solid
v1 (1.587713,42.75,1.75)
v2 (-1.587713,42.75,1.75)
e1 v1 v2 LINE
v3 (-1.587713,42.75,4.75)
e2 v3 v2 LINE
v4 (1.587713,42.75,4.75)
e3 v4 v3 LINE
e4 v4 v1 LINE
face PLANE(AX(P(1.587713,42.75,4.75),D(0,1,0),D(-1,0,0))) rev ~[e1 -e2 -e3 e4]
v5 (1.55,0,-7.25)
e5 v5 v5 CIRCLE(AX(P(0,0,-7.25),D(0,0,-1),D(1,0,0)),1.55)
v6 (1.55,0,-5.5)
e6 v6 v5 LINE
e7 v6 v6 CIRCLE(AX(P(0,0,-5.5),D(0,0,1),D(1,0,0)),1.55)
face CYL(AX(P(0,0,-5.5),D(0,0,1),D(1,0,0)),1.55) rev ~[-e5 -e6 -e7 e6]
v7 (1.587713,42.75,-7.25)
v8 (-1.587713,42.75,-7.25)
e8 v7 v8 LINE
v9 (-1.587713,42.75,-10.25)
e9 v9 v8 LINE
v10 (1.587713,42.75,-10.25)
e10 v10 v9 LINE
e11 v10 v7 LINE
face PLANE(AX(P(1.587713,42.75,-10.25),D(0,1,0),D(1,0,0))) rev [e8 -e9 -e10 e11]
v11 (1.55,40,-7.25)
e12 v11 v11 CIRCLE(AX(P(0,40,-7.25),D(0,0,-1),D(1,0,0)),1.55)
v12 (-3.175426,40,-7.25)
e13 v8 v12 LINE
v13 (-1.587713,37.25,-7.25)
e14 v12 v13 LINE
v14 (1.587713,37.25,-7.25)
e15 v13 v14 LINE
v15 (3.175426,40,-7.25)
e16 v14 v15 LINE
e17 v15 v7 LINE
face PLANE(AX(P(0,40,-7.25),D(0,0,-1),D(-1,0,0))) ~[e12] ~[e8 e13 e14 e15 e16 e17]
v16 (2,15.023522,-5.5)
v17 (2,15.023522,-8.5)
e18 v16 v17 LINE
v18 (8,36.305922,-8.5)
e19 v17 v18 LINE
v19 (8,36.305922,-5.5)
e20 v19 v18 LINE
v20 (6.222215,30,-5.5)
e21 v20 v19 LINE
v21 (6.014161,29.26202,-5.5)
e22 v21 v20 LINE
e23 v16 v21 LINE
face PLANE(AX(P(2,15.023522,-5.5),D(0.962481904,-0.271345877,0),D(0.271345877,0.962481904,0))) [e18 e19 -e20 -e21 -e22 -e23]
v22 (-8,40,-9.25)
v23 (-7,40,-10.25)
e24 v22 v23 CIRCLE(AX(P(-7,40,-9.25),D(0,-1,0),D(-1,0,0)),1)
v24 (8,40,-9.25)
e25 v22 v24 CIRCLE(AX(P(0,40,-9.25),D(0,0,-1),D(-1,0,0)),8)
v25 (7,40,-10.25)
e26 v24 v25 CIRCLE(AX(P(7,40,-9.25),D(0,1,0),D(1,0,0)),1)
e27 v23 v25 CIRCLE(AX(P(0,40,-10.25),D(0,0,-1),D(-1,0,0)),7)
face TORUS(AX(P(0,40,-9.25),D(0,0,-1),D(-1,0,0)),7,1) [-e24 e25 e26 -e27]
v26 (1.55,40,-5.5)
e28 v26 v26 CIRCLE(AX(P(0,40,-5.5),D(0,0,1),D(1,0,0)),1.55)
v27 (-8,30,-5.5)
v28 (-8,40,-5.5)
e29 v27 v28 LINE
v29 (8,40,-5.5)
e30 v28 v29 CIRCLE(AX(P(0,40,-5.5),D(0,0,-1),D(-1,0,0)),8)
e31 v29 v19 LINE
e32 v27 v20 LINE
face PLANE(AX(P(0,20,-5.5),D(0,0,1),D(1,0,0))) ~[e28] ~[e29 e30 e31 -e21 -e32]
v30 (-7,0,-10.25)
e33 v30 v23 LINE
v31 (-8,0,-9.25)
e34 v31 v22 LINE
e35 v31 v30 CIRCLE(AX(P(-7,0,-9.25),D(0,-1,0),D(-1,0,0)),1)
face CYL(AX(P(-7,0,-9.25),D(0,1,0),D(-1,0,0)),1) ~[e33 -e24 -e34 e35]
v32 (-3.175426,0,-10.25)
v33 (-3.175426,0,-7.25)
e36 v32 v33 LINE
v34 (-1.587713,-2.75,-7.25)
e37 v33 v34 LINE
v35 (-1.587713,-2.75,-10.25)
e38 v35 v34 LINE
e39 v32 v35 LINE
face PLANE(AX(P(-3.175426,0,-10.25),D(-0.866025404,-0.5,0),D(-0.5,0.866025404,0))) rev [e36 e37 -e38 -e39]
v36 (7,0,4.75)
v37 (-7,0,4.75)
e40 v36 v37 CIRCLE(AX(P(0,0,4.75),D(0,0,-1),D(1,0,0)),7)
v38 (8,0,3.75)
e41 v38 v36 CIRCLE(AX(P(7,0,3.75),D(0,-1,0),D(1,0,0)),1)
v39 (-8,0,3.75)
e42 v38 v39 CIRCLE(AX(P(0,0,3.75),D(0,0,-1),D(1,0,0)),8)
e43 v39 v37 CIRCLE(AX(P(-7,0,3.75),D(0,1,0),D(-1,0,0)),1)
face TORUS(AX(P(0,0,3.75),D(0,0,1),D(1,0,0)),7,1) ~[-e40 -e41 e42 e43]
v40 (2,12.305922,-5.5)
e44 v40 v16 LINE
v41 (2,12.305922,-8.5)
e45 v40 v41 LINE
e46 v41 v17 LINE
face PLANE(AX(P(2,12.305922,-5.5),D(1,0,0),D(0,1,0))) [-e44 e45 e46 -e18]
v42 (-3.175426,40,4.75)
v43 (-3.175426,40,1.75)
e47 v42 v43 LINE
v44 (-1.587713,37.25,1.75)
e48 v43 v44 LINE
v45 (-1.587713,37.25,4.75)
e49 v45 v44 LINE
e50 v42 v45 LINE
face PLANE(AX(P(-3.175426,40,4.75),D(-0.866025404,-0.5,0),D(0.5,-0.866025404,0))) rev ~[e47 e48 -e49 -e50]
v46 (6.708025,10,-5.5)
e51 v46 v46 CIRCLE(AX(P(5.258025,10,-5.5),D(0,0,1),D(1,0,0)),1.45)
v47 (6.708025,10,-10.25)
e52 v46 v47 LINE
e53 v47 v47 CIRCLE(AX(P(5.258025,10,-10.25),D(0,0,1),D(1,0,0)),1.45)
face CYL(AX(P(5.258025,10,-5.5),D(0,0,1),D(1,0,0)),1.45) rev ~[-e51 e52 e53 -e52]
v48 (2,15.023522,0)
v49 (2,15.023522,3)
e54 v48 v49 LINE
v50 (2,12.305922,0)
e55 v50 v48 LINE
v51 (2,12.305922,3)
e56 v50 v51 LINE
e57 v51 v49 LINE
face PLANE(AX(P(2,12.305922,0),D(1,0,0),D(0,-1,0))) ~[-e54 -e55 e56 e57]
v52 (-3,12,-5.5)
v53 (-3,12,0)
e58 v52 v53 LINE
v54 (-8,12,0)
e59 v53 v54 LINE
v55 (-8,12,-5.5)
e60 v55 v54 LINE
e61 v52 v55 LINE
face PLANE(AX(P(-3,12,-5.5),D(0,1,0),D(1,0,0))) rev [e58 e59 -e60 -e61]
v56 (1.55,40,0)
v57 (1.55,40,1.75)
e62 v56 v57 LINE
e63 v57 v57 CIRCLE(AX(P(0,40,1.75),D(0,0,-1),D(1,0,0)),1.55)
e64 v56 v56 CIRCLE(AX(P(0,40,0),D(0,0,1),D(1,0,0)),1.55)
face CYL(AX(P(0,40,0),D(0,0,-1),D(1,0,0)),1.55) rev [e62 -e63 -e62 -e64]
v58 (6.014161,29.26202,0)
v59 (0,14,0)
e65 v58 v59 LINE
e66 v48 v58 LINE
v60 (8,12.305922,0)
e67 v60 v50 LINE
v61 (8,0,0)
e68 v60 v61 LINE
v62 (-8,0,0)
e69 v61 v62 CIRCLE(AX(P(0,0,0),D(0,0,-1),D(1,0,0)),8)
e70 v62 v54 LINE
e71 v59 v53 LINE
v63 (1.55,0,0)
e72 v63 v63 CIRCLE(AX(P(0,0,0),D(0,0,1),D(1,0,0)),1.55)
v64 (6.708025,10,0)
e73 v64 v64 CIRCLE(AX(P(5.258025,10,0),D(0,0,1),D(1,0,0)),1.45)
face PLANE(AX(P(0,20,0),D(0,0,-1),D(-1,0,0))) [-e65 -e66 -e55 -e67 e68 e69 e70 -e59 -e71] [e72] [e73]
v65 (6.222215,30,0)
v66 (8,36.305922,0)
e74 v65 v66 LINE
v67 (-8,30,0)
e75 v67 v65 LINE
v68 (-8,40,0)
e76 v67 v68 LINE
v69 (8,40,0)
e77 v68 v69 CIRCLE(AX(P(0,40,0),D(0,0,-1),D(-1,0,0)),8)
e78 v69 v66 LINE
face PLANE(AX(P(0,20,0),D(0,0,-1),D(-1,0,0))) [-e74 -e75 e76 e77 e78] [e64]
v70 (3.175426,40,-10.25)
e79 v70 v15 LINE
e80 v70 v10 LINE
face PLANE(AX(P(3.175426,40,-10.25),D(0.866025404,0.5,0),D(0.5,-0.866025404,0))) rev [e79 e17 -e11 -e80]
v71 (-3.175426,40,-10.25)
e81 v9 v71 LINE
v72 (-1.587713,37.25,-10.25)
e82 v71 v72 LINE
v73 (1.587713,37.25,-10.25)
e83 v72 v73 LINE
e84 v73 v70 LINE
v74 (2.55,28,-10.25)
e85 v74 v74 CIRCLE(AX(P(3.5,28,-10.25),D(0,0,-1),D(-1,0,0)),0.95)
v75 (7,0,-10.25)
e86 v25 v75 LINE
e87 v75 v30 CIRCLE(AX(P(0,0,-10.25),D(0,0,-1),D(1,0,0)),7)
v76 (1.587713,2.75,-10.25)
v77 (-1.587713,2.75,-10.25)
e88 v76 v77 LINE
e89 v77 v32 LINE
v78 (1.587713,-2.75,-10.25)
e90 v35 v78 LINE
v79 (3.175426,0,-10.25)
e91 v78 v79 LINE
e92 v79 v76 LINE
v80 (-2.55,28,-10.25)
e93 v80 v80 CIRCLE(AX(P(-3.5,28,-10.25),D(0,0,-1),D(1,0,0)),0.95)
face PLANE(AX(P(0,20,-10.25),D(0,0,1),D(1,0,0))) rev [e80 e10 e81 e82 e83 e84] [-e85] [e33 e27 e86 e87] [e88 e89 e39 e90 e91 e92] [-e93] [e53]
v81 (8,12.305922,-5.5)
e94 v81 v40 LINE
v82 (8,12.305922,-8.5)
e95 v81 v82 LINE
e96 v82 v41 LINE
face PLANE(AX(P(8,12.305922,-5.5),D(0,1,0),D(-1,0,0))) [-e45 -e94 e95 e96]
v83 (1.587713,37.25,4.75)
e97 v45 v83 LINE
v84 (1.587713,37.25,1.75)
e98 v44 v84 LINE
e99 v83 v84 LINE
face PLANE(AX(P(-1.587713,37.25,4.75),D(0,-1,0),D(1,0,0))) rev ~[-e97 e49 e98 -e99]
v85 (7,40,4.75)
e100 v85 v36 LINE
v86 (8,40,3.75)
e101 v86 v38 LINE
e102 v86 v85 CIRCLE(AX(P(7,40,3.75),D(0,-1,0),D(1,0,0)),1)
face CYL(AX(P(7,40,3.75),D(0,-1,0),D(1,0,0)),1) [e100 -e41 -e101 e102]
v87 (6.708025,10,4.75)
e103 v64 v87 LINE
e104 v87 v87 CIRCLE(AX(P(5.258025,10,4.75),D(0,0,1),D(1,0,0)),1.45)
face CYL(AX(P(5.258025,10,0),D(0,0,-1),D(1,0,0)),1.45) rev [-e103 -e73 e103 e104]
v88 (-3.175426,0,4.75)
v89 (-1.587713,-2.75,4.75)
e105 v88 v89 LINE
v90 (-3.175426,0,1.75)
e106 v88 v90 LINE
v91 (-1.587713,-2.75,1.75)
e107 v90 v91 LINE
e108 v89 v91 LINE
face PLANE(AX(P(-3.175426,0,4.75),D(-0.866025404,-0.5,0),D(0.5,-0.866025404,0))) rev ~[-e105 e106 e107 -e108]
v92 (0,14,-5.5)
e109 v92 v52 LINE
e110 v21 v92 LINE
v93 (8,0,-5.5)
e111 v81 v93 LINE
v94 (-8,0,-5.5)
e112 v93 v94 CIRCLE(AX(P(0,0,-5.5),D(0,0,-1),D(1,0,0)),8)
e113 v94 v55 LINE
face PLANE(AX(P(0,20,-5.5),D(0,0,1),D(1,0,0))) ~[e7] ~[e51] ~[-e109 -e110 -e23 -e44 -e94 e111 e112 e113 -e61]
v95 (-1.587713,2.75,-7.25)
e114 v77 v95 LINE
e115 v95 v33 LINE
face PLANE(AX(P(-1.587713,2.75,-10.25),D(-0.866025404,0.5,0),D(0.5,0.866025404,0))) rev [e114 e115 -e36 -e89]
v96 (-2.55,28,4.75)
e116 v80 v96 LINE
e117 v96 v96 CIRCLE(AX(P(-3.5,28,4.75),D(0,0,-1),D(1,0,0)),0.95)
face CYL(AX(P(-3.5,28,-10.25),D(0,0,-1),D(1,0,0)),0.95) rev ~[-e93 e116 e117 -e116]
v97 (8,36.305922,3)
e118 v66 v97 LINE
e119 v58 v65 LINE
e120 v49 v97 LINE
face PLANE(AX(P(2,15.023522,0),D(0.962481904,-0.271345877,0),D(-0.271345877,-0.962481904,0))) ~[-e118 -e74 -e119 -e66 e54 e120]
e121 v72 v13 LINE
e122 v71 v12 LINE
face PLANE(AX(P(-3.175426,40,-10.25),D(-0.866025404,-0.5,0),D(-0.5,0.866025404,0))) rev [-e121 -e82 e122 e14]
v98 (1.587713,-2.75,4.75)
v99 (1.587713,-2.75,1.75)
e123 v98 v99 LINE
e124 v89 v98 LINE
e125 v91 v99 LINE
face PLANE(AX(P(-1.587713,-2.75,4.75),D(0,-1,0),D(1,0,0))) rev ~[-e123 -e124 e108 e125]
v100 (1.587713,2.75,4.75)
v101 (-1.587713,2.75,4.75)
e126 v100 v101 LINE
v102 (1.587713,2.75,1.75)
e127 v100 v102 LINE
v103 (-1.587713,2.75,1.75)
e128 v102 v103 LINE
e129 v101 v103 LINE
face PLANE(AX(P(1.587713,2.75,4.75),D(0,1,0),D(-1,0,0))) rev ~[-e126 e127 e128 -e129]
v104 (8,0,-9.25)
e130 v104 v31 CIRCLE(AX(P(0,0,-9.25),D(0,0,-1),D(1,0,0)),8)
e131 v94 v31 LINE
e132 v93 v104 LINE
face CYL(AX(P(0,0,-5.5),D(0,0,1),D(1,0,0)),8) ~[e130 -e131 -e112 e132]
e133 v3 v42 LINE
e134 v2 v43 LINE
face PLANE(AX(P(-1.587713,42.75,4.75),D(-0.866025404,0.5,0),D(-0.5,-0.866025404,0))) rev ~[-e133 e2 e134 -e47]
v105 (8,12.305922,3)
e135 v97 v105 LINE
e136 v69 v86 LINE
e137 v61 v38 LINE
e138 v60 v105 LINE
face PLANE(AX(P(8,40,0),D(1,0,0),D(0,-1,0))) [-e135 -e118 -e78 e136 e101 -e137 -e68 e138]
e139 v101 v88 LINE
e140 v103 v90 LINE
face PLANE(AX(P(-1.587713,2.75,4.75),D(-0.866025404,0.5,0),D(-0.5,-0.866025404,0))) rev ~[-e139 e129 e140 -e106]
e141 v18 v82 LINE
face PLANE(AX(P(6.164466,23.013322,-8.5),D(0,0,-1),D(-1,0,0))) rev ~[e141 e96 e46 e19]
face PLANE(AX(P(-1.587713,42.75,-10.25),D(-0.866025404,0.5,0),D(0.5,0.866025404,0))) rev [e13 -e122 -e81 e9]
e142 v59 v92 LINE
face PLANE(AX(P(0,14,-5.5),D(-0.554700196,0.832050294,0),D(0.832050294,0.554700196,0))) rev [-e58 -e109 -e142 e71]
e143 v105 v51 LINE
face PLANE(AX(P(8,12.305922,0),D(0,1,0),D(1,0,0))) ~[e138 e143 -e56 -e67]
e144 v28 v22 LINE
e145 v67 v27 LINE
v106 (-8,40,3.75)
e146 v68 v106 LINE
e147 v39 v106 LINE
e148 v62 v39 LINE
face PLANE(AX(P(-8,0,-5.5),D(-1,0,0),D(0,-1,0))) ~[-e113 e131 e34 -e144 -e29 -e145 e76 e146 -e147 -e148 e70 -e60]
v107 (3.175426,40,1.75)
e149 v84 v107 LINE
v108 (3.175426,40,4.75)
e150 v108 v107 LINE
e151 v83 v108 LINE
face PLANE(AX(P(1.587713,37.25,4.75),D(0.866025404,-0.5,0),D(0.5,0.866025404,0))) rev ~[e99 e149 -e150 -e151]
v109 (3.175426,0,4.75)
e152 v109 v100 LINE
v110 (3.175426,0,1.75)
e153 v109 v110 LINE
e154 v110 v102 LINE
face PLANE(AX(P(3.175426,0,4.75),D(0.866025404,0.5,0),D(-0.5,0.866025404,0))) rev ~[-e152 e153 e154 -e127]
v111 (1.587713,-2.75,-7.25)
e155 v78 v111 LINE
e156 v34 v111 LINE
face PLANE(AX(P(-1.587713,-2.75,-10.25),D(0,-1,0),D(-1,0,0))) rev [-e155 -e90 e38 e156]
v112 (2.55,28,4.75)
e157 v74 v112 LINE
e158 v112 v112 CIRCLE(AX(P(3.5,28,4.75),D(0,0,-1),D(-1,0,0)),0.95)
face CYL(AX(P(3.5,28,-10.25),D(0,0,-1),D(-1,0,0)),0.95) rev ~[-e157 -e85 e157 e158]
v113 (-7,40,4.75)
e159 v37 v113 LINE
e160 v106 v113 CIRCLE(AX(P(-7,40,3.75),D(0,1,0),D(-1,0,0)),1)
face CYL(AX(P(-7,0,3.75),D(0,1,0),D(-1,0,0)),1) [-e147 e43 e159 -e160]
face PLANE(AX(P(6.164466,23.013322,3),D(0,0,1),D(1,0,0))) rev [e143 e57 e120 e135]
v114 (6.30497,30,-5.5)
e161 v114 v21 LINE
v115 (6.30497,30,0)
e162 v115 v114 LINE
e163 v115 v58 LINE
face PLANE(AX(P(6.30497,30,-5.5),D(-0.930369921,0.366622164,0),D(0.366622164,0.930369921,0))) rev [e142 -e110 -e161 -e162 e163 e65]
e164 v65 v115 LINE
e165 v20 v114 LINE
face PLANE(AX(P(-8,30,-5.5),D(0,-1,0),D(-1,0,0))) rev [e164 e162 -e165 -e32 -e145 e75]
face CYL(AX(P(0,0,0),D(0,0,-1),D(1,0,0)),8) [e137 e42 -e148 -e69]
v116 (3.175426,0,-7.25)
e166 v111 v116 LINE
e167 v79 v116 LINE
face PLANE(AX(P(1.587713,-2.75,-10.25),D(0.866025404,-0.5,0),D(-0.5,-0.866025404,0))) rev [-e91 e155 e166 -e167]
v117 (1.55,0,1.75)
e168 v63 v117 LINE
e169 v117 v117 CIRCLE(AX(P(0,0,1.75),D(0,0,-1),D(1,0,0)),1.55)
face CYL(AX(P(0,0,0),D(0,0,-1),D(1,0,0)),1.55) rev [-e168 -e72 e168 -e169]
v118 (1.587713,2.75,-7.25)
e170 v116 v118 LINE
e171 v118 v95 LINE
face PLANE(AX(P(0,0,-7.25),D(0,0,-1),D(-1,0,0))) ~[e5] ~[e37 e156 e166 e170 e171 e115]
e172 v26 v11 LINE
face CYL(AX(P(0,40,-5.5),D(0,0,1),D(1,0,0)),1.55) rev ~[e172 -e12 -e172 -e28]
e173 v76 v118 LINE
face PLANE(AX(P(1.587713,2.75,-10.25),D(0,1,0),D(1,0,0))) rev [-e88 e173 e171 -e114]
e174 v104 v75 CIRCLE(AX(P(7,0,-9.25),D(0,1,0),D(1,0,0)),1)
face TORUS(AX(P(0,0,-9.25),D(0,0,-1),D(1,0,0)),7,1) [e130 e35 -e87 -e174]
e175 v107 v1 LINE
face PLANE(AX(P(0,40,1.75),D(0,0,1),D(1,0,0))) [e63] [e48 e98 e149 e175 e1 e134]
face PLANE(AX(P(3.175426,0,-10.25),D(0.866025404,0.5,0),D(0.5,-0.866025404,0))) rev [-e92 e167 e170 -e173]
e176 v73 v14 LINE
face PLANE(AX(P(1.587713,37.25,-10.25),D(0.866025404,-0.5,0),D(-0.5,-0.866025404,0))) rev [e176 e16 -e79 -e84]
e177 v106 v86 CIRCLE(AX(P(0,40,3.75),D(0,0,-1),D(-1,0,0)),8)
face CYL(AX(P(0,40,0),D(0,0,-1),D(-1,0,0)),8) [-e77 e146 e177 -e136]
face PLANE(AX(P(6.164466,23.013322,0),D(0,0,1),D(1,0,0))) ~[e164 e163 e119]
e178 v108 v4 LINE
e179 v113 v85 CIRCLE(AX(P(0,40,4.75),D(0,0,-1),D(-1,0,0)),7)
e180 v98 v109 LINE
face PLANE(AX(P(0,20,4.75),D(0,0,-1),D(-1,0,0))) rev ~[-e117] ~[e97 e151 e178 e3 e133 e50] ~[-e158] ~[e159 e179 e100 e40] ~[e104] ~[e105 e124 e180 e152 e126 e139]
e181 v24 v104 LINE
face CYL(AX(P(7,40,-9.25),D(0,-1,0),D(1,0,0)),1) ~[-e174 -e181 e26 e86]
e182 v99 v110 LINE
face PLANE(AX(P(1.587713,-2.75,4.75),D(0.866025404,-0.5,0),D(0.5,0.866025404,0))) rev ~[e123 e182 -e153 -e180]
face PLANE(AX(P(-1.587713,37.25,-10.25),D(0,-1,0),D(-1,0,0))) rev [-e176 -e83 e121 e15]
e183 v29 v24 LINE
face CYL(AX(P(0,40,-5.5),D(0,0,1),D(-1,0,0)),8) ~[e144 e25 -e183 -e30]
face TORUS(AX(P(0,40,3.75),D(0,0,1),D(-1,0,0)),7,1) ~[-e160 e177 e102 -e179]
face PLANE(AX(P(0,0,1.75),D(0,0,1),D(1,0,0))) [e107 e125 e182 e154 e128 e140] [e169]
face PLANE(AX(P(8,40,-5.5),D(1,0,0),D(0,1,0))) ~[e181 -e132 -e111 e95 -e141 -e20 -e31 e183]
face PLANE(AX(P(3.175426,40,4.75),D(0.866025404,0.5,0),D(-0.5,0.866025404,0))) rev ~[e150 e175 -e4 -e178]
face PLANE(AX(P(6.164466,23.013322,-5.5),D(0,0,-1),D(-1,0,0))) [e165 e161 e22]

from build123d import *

# Parameters (mm, degrees)
SKETCH1_R           = 1.55
SKETCH1_R_2         = 1.45
BOSS_EXTRUDE1_DEPTH = 4.75
FILLET2_R           = 1
CUT_EXTRUDE1_DEPTH  = 3
BOSS_EXTRUDE2_DEPTH = 2.75
CUT_EXTRUDE2_DEPTH  = 3
SKETCH7_R           = 0.95
CUT_EXTRUDE3_DEPTH  = 51.921508226


with BuildPart() as part:
    # Sketch1 → Boss-Extrude1 (new body)
    with BuildSketch(Plane.XY):
        with BuildLine():
            Line((-8, 0), (-8, 40))
            ThreePointArc((-8, 40), (0, 48), (8, 40))
            Line((8, 40), (8, 0))
            ThreePointArc((8, 0), (0, -8), (-8, 0))
        make_face()
        with Locations((0, 40)):
            Circle(SKETCH1_R, mode=Mode.SUBTRACT)
        Circle(SKETCH1_R, mode=Mode.SUBTRACT)
        with Locations((5.258025032, 10)):
            Circle(SKETCH1_R_2, mode=Mode.SUBTRACT)
    extrude(amount=BOSS_EXTRUDE1_DEPTH)

    # Fillet2
    fillet2_edges = [part.edges().sort_by_distance(p)[0] for p in [
        (0, 48, 4.75),
        (-8, 20, 4.75),
        (0, -8, 4.75),
        (8, 20, 4.75),
    ]]
    fillet(fillet2_edges, radius=FILLET2_R)

    # Sketch2 → Cut-Extrude1 (cut)
    with BuildSketch(Plane.XY.offset(4.75)):
        Polygon((3.175426481, 40), (1.58771324, 42.75), (-1.58771324, 42.75), (-3.175426481, 40), (-1.58771324, 37.25), (1.58771324, 37.25), align=None)
        Polygon((3.175426481, 0), (1.58771324, 2.75), (-1.58771324, 2.75), (-3.175426481, 0), (-1.58771324, -2.75), (1.58771324, -2.75), align=None)
    extrude(amount=-CUT_EXTRUDE1_DEPTH, mode=Mode.SUBTRACT)

    # Sketch3 → Boss-Extrude2 (add)
    with BuildSketch(Plane(origin=(0, 0, 0), x_dir=(-1, 0, 0), z_dir=(0, 0, -1))):
        Polygon((8, 30), (3, 30), (-6.304970195, 30), (0, 14), (3, 12), (8, 12), align=None)
    extrude(amount=BOSS_EXTRUDE2_DEPTH)

    # Mirror5: part across plane


with BuildPart() as part_1:
    add(part.part)
    add(part.part.mirror(Plane.XY.offset(-2.75)))

    # Sketch4 → Cut-Extrude2 (cut)
    with BuildSketch(Plane.XY.offset(-5.5)):
        Polygon((2, 12.305922059), (2, 15.02352233), (8, 36.305922059), (8, 12.305922059), align=None)
    cut_extrude2 = extrude(amount=-CUT_EXTRUDE2_DEPTH, mode=Mode.SUBTRACT)

    # Mirror6: Cut-Extrude2 across plane
    add(cut_extrude2.mirror(Plane(origin=(0, 0, -2.75), x_dir=(1, 0, 0), z_dir=(0, 0, -1))), mode=Mode.SUBTRACT)

    # Sketch7 → Cut-Extrude3 (cut, through all)
    with BuildSketch(Plane(origin=(0, 0, -10.25), x_dir=(-1, 0, 0), z_dir=(0, 0, -1))):
        with Locations((-3.5, 28)):
            Circle(SKETCH7_R)
        with Locations(Location((3.5, 28, 0), (0, 0, 180))):
            Circle(SKETCH7_R)
    extrude(amount=-CUT_EXTRUDE3_DEPTH, mode=Mode.SUBTRACT)


solid = part_1.part
